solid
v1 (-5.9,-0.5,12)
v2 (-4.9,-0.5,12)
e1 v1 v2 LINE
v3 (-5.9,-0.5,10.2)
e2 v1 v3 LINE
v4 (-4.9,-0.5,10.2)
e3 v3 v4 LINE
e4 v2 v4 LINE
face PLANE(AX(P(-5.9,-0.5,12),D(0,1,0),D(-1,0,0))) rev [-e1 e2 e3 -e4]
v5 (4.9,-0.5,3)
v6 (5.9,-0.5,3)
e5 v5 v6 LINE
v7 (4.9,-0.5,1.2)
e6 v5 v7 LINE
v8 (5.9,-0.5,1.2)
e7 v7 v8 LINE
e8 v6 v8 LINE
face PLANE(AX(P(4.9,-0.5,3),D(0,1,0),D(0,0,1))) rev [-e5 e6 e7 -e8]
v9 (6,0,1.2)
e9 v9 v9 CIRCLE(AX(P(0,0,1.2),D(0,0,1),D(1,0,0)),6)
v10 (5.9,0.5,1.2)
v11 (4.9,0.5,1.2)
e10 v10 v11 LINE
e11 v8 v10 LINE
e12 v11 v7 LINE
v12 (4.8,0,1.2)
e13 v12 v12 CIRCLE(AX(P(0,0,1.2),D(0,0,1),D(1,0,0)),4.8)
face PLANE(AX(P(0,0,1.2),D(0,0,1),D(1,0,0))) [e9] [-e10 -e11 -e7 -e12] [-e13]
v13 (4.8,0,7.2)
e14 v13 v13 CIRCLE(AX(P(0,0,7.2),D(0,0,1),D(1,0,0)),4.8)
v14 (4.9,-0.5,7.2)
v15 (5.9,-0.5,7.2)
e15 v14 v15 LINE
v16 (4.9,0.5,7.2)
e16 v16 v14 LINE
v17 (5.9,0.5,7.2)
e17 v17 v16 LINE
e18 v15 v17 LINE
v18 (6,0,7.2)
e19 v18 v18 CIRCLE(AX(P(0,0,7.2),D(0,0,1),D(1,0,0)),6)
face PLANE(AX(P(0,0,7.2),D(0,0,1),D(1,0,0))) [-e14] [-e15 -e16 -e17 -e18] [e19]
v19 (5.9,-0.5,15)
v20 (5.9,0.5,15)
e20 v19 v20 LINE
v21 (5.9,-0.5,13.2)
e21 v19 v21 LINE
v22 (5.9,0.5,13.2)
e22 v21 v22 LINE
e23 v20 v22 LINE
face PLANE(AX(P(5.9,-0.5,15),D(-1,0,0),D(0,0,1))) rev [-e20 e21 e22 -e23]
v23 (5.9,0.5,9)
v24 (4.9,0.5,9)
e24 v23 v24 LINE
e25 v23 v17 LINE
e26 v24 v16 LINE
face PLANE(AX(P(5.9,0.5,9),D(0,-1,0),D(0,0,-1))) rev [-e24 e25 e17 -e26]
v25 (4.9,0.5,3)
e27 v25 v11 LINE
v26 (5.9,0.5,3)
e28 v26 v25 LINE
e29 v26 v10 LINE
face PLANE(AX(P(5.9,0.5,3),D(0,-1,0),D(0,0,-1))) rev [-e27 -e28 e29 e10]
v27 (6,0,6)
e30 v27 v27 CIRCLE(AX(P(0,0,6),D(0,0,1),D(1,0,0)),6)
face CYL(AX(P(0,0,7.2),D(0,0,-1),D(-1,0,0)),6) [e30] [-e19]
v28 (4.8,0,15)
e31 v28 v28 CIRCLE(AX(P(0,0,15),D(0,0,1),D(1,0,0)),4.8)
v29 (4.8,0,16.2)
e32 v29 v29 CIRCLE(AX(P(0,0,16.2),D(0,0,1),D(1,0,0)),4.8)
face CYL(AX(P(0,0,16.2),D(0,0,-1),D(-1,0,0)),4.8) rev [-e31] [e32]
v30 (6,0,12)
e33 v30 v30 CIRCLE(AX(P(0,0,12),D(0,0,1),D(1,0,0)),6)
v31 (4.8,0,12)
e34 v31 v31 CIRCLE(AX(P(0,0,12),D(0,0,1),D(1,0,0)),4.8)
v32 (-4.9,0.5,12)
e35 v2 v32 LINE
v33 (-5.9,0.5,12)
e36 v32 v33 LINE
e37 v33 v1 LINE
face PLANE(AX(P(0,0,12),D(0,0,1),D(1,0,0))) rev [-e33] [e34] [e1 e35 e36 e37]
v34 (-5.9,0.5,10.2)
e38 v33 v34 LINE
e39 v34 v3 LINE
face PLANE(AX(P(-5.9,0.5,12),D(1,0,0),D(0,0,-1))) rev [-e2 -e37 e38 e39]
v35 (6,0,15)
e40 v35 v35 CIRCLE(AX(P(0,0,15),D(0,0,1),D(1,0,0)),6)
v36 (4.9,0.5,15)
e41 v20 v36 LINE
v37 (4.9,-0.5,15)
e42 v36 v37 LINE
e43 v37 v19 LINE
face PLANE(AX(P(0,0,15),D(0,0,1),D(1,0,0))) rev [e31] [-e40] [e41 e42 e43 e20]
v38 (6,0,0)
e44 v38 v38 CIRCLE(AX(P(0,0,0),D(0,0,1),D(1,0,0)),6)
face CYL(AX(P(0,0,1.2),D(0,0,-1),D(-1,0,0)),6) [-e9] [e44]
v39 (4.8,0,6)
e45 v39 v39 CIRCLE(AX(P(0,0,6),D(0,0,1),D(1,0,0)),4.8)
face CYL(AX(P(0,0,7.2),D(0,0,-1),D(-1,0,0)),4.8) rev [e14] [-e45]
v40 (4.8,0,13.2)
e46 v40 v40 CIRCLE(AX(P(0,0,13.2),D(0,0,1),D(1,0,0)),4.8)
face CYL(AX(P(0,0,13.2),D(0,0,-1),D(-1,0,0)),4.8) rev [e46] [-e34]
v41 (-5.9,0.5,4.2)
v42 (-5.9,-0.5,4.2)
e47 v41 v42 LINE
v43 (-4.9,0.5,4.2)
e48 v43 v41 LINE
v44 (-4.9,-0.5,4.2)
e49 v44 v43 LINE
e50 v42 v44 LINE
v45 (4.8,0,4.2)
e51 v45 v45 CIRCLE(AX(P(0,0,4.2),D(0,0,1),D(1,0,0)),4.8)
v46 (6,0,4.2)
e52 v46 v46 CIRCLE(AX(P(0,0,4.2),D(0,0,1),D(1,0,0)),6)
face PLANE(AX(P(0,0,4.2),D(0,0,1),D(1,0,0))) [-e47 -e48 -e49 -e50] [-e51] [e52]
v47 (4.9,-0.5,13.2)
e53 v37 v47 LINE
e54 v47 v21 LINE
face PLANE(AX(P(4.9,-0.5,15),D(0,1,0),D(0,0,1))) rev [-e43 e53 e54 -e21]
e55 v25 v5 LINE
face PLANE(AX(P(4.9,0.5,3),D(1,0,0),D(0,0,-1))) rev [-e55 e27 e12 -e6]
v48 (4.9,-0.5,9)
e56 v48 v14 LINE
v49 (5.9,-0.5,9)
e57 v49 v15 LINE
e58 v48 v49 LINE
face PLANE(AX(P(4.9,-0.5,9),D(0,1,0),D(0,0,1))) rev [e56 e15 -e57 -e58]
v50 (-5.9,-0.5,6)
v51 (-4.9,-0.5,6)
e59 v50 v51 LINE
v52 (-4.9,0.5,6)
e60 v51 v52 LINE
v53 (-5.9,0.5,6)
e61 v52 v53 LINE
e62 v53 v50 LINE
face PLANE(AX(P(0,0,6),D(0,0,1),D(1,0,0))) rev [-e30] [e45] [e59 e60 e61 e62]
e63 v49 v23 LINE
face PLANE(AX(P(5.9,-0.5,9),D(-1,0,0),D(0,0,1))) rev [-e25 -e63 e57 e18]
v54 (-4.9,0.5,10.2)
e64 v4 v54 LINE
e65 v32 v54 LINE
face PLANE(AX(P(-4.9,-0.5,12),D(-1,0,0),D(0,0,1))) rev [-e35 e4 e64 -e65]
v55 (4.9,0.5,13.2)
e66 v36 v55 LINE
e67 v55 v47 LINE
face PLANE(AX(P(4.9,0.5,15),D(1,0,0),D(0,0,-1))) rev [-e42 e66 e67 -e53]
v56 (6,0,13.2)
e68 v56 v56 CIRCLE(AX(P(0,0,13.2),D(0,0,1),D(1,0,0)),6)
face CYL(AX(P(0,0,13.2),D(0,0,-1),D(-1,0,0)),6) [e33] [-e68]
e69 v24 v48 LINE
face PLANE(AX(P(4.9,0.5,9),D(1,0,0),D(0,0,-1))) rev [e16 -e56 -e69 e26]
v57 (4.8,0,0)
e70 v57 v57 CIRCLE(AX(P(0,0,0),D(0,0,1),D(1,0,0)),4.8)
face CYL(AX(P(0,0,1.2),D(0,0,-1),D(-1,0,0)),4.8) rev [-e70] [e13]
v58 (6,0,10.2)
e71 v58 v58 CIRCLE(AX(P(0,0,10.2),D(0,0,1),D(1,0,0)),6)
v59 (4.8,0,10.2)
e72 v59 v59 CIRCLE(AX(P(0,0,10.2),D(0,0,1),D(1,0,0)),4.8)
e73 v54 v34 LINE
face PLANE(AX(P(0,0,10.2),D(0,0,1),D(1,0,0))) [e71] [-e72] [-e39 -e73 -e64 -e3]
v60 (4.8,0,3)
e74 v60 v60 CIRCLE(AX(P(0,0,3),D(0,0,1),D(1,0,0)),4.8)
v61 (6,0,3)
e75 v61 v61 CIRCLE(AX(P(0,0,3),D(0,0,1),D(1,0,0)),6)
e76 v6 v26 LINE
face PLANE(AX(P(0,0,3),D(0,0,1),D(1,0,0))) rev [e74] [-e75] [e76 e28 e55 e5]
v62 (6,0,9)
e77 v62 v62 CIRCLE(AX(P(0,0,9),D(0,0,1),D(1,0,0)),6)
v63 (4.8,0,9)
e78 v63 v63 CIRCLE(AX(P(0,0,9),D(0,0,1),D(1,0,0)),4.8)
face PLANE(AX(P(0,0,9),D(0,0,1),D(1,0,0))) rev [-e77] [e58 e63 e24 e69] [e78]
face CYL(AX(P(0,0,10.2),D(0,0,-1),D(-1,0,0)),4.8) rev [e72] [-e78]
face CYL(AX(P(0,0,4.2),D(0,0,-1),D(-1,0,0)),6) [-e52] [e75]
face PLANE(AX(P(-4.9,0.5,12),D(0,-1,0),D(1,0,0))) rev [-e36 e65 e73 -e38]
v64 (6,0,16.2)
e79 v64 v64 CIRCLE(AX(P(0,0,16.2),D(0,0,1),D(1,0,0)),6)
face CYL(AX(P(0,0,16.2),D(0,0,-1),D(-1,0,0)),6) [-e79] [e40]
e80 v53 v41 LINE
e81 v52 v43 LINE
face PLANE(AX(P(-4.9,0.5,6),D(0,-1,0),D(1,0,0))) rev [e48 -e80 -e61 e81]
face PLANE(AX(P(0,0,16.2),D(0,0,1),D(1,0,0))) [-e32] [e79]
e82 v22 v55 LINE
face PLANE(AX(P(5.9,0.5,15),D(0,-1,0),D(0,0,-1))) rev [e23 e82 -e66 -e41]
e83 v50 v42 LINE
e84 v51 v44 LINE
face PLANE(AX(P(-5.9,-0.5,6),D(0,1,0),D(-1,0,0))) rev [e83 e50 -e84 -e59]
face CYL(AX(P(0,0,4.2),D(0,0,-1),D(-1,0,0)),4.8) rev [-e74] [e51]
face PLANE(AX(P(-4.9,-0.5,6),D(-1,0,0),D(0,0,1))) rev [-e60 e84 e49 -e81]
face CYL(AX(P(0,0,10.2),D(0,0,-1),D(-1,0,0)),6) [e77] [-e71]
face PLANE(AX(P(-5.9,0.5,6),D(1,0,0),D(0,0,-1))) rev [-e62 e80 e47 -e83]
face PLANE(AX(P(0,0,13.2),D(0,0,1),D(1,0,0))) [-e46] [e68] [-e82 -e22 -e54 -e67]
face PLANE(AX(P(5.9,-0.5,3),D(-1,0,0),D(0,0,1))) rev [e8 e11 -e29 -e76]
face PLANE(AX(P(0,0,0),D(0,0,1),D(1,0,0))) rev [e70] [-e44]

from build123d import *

# Parameters (mm, degrees)
SKETCH1_R   = 6
SKETCH1_R_2 = 4.8
COIL1_DEPTH = 1.2
SKETCH2_R   = 6
SKETCH2_R_2 = 4.8
COIL2_DEPTH = 1.2
SKETCH3_R   = 6
SKETCH3_R_2 = 4.8
COIL3_DEPTH = 1.2
SKETCH4_R   = 6
SKETCH4_R_2 = 4.8
COIL4_DEPTH = 1.2
SKETCH5_R   = 6
SKETCH5_R_2 = 4.8
COIL5_DEPTH = 1.2
SKETCH6_R   = 6
SKETCH6_R_2 = 4.8
COIL6_DEPTH = 1.2
SKETCH7_W   = 1
SKETCH7_H   = 1
LINK1_DEPTH = 1.8
SKETCH8_W   = 1
SKETCH8_H   = 1
LINK2_DEPTH = 1.8
SKETCH9_W   = 1
SKETCH9_H   = 1
LINK3_DEPTH = 1.8
SKETCH10_W  = 1
SKETCH10_H  = 1
LINK4_DEPTH = 1.8
SKETCH11_W  = 1
SKETCH11_H  = 1
LINK5_DEPTH = 1.8


with BuildPart() as part:
    # Sketch1 → Coil1 (new body)
    with BuildSketch(Plane.XY):
        Circle(SKETCH1_R)
        Circle(SKETCH1_R_2, mode=Mode.SUBTRACT)
    extrude(amount=COIL1_DEPTH)



with BuildPart() as body_2:
    # Sketch2 → Coil2 (new body)
    with BuildSketch(Plane.XY.offset(3)):
        Circle(SKETCH2_R)
        Circle(SKETCH2_R_2, mode=Mode.SUBTRACT)
    extrude(amount=COIL2_DEPTH)


with BuildPart() as body_3:
    # Sketch3 → Coil3 (new body)
    with BuildSketch(Plane.XY.offset(6)):
        Circle(SKETCH3_R)
        Circle(SKETCH3_R_2, mode=Mode.SUBTRACT)
    extrude(amount=COIL3_DEPTH)


with BuildPart() as body_4:
    # Sketch4 → Coil4 (new body)
    with BuildSketch(Plane.XY.offset(9)):
        Circle(SKETCH4_R)
        Circle(SKETCH4_R_2, mode=Mode.SUBTRACT)
    extrude(amount=COIL4_DEPTH)


with BuildPart() as body_5:
    # Sketch5 → Coil5 (new body)
    with BuildSketch(Plane.XY.offset(12)):
        Circle(SKETCH5_R)
        Circle(SKETCH5_R_2, mode=Mode.SUBTRACT)
    extrude(amount=COIL5_DEPTH)


with BuildPart() as body_6:
    # Sketch6 → Coil6 (new body)
    with BuildSketch(Plane.XY.offset(15)):
        Circle(SKETCH6_R)
        Circle(SKETCH6_R_2, mode=Mode.SUBTRACT)
    extrude(amount=COIL6_DEPTH)


with BuildPart() as part_1:
    add(part.part)

    add(body_2.part)  # Link1 merges body 2
    # Sketch7 → Link1 (add)
    with BuildSketch(Plane.XY.offset(1.2)):
        with Locations((5.4, 0)):
            Rectangle(SKETCH7_W, SKETCH7_H)
    extrude(amount=LINK1_DEPTH)


    add(body_3.part)  # Link2 merges body 3
    # Sketch8 → Link2 (add)
    with BuildSketch(Plane.XY.offset(4.2)):
        with Locations((-5.4, 0)):
            Rectangle(SKETCH8_W, SKETCH8_H)
    extrude(amount=LINK2_DEPTH)


    add(body_4.part)  # Link3 merges body 4
    # Sketch9 → Link3 (add)
    with BuildSketch(Plane.XY.offset(7.2)):
        with Locations((5.4, 0)):
            Rectangle(SKETCH9_W, SKETCH9_H)
    extrude(amount=LINK3_DEPTH)


    add(body_5.part)  # Link4 merges body 5
    # Sketch10 → Link4 (add)
    with BuildSketch(Plane.XY.offset(10.2)):
        with Locations((-5.4, 0)):
            Rectangle(SKETCH10_W, SKETCH10_H)
    extrude(amount=LINK4_DEPTH)


    add(body_6.part)  # Link5 merges body 6
    # Sketch11 → Link5 (add)
    with BuildSketch(Plane.XY.offset(13.2)):
        with Locations((5.4, 0)):
            Rectangle(SKETCH11_W, SKETCH11_H)
    extrude(amount=LINK5_DEPTH)


solid = part_1.part
